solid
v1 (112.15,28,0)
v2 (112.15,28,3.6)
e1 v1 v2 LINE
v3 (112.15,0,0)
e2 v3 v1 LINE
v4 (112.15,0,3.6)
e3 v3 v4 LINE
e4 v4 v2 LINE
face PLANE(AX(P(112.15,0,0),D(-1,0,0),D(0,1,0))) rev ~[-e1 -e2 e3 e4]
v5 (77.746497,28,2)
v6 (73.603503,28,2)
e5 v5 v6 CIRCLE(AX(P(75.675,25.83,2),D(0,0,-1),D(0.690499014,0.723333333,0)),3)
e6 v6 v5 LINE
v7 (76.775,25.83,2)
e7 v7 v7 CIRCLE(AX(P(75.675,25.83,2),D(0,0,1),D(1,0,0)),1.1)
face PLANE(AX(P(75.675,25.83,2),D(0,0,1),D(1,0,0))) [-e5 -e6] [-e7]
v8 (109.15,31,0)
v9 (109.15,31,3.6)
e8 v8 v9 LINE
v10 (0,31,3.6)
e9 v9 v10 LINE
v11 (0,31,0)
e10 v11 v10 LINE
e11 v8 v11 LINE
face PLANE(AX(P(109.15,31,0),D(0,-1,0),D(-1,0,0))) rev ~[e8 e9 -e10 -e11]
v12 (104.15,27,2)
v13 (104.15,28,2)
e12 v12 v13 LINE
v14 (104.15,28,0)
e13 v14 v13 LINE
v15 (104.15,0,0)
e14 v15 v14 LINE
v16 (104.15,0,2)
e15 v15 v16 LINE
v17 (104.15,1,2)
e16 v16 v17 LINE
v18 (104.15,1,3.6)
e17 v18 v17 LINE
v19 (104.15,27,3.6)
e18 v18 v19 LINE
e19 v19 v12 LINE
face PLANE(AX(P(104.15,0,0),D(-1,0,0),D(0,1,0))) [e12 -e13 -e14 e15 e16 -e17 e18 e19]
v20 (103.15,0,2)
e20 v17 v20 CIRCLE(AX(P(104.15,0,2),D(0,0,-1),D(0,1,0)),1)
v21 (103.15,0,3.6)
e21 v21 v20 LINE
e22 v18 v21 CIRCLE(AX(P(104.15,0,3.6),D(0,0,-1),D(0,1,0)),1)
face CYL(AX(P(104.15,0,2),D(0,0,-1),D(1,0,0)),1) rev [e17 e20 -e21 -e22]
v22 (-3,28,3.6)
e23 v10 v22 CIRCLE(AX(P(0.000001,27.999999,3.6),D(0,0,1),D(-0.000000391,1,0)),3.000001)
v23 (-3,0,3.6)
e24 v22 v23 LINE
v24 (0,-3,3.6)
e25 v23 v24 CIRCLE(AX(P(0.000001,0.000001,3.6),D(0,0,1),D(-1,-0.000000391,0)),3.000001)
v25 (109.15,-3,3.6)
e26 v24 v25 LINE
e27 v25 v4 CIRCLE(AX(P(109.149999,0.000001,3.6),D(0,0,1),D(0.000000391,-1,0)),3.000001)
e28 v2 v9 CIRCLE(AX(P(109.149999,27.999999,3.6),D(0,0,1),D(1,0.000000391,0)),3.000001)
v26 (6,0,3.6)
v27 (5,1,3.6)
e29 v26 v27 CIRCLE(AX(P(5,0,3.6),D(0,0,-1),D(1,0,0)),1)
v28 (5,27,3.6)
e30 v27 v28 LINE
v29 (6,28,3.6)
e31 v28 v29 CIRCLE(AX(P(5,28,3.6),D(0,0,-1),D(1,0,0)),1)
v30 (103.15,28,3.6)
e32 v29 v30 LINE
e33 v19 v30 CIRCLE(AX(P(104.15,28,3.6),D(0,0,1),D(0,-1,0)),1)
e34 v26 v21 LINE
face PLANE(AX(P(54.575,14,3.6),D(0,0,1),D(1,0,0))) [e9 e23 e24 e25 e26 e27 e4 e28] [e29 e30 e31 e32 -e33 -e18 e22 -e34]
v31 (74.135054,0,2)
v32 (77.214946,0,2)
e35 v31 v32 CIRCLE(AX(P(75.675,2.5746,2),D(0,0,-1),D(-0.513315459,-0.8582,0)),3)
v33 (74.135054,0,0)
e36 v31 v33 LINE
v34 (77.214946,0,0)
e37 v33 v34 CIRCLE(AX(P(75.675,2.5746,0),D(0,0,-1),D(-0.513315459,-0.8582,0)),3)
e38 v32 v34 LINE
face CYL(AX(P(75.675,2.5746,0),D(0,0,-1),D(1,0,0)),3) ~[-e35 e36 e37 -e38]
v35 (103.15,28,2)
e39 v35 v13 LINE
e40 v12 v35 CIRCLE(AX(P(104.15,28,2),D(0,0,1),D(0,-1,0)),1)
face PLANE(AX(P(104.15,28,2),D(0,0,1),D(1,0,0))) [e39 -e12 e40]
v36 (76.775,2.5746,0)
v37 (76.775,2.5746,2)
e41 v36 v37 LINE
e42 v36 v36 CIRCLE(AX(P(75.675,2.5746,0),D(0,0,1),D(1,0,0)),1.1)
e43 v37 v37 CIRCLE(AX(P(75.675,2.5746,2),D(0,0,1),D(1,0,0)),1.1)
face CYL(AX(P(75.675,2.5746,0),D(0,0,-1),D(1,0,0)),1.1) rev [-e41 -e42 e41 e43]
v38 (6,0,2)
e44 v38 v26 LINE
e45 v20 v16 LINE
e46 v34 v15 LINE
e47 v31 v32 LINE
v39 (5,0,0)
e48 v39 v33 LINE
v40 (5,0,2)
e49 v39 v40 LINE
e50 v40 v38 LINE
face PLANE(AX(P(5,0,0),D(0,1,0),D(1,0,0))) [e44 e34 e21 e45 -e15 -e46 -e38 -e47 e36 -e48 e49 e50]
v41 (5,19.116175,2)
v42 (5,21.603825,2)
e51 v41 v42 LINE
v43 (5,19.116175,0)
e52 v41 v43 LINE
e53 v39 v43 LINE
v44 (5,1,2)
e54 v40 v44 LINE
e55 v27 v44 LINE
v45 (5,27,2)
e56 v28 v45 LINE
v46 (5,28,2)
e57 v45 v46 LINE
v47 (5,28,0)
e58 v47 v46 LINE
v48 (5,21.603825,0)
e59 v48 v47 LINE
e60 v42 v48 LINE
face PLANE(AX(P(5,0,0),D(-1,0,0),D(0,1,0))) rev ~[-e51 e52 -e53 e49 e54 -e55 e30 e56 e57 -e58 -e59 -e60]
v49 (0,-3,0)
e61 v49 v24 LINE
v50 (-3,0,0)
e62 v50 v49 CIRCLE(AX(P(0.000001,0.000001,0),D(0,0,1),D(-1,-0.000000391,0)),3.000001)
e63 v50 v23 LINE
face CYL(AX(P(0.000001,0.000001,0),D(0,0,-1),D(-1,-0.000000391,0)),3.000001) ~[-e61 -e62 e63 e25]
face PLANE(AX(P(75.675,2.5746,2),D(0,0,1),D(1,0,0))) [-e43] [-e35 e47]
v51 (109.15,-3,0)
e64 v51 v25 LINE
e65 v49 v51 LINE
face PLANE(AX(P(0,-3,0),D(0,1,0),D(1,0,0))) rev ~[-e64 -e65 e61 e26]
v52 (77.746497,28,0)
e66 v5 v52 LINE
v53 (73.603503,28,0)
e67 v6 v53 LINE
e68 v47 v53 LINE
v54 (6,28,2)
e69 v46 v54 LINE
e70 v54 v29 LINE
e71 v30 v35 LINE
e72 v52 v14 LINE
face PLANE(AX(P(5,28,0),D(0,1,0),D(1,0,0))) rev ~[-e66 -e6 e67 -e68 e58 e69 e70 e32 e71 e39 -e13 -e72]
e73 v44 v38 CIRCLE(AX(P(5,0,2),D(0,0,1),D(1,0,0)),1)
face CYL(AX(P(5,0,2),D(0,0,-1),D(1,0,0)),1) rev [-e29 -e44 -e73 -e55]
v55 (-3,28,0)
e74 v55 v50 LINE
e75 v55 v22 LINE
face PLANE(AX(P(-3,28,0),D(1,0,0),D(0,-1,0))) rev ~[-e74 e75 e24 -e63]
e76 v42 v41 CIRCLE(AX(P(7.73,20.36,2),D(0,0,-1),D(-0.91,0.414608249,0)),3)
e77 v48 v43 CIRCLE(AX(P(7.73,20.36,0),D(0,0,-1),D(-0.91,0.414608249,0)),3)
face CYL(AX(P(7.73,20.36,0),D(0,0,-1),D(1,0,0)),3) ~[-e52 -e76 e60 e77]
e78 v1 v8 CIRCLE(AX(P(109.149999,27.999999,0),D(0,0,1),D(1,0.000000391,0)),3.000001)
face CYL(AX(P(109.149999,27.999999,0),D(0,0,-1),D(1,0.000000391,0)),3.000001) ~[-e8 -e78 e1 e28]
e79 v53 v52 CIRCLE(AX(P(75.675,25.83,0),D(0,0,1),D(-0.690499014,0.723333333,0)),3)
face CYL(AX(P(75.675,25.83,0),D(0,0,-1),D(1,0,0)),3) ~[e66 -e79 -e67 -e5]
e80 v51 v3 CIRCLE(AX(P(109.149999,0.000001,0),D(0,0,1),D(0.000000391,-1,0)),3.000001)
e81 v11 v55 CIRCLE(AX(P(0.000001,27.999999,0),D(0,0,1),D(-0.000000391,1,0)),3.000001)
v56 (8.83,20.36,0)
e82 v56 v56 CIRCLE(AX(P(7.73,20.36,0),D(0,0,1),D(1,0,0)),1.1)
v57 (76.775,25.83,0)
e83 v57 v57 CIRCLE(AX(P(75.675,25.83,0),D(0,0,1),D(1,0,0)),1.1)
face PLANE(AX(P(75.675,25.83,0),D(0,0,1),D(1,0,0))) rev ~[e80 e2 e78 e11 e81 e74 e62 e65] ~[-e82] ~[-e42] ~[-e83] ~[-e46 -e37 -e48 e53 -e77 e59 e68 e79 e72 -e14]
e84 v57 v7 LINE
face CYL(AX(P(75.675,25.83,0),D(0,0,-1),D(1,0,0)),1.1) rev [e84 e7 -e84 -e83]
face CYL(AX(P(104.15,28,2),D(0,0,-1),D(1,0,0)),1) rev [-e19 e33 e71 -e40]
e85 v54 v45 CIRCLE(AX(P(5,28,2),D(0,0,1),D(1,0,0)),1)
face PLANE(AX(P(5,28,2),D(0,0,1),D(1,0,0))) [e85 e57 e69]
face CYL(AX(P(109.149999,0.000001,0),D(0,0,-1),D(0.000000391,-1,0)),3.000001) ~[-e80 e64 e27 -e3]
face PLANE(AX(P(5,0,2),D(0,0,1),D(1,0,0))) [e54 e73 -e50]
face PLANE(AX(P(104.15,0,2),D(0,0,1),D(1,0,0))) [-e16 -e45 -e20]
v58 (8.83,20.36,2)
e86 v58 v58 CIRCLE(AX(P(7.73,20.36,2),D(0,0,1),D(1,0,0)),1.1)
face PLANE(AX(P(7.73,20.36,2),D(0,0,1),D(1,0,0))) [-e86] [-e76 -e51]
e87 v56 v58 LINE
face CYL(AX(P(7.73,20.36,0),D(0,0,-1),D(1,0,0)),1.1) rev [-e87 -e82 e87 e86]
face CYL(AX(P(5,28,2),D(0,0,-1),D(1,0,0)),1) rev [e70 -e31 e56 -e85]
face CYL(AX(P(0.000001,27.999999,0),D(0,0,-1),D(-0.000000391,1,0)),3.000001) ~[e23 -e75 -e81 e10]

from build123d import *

# Parameters (mm, degrees)
SKETCH010_W     = 99.15
SKETCH010_H     = 28
PAD005_DEPTH    = 3.6
SKETCH011_R     = 3
SKETCH011_R_2   = 1.1
PAD006_DEPTH    = 2
SKETCH015_R     = 1
POCKET002_DEPTH = 5


with BuildPart() as part:
    # Sketch010 → Pad005 (new body)
    with BuildSketch(Plane.XY):
        with BuildLine():
            Line((0, -3), (109.15, -3))
            ThreePointArc((109.15, -3), (111.27132, -2.12132), (112.15, 0))
            Line((112.15, 0), (112.15, 28))
            ThreePointArc((112.15, 28), (111.27132, 30.12132), (109.15, 31))
            Line((109.15, 31), (0, 31))
            ThreePointArc((0, 31), (-2.12132, 30.12132), (-3, 28))
            Line((-3, 28), (-3, 0))
            ThreePointArc((-3, 0), (-2.12132, -2.12132), (0, -3))
        make_face()
        with Locations((54.575, 14)):
            Rectangle(SKETCH010_W, SKETCH010_H, mode=Mode.SUBTRACT)
    extrude(amount=PAD005_DEPTH)

    # Sketch011 → Pad006 (join)
    with BuildSketch(Plane.XY):
        with Locations((75.675, 25.83)):
            Circle(SKETCH011_R)
        with Locations((75.675, 25.83)):
            Circle(SKETCH011_R_2, mode=Mode.SUBTRACT)
        with Locations((75.675, 2.5746)):
            Circle(SKETCH011_R)
        with Locations((75.675, 2.5746)):
            Circle(SKETCH011_R_2, mode=Mode.SUBTRACT)
        with Locations((7.73, 20.36)):
            Circle(SKETCH011_R)
        with Locations((7.73, 20.36)):
            Circle(SKETCH011_R_2, mode=Mode.SUBTRACT)
    extrude(amount=PAD006_DEPTH)

    # Sketch015 → Pocket002 (cut)
    with BuildSketch(Plane.XY.offset(2)):
        with Locations((5, 28)):
            Circle(SKETCH015_R)
        with Locations((104.15, 28)):
            Circle(SKETCH015_R)
        with Locations((104.15, 0)):
            Circle(SKETCH015_R)
        with Locations((5, 0)):
            Circle(SKETCH015_R)
    extrude(amount=POCKET002_DEPTH, mode=Mode.SUBTRACT)


solid = part.part
